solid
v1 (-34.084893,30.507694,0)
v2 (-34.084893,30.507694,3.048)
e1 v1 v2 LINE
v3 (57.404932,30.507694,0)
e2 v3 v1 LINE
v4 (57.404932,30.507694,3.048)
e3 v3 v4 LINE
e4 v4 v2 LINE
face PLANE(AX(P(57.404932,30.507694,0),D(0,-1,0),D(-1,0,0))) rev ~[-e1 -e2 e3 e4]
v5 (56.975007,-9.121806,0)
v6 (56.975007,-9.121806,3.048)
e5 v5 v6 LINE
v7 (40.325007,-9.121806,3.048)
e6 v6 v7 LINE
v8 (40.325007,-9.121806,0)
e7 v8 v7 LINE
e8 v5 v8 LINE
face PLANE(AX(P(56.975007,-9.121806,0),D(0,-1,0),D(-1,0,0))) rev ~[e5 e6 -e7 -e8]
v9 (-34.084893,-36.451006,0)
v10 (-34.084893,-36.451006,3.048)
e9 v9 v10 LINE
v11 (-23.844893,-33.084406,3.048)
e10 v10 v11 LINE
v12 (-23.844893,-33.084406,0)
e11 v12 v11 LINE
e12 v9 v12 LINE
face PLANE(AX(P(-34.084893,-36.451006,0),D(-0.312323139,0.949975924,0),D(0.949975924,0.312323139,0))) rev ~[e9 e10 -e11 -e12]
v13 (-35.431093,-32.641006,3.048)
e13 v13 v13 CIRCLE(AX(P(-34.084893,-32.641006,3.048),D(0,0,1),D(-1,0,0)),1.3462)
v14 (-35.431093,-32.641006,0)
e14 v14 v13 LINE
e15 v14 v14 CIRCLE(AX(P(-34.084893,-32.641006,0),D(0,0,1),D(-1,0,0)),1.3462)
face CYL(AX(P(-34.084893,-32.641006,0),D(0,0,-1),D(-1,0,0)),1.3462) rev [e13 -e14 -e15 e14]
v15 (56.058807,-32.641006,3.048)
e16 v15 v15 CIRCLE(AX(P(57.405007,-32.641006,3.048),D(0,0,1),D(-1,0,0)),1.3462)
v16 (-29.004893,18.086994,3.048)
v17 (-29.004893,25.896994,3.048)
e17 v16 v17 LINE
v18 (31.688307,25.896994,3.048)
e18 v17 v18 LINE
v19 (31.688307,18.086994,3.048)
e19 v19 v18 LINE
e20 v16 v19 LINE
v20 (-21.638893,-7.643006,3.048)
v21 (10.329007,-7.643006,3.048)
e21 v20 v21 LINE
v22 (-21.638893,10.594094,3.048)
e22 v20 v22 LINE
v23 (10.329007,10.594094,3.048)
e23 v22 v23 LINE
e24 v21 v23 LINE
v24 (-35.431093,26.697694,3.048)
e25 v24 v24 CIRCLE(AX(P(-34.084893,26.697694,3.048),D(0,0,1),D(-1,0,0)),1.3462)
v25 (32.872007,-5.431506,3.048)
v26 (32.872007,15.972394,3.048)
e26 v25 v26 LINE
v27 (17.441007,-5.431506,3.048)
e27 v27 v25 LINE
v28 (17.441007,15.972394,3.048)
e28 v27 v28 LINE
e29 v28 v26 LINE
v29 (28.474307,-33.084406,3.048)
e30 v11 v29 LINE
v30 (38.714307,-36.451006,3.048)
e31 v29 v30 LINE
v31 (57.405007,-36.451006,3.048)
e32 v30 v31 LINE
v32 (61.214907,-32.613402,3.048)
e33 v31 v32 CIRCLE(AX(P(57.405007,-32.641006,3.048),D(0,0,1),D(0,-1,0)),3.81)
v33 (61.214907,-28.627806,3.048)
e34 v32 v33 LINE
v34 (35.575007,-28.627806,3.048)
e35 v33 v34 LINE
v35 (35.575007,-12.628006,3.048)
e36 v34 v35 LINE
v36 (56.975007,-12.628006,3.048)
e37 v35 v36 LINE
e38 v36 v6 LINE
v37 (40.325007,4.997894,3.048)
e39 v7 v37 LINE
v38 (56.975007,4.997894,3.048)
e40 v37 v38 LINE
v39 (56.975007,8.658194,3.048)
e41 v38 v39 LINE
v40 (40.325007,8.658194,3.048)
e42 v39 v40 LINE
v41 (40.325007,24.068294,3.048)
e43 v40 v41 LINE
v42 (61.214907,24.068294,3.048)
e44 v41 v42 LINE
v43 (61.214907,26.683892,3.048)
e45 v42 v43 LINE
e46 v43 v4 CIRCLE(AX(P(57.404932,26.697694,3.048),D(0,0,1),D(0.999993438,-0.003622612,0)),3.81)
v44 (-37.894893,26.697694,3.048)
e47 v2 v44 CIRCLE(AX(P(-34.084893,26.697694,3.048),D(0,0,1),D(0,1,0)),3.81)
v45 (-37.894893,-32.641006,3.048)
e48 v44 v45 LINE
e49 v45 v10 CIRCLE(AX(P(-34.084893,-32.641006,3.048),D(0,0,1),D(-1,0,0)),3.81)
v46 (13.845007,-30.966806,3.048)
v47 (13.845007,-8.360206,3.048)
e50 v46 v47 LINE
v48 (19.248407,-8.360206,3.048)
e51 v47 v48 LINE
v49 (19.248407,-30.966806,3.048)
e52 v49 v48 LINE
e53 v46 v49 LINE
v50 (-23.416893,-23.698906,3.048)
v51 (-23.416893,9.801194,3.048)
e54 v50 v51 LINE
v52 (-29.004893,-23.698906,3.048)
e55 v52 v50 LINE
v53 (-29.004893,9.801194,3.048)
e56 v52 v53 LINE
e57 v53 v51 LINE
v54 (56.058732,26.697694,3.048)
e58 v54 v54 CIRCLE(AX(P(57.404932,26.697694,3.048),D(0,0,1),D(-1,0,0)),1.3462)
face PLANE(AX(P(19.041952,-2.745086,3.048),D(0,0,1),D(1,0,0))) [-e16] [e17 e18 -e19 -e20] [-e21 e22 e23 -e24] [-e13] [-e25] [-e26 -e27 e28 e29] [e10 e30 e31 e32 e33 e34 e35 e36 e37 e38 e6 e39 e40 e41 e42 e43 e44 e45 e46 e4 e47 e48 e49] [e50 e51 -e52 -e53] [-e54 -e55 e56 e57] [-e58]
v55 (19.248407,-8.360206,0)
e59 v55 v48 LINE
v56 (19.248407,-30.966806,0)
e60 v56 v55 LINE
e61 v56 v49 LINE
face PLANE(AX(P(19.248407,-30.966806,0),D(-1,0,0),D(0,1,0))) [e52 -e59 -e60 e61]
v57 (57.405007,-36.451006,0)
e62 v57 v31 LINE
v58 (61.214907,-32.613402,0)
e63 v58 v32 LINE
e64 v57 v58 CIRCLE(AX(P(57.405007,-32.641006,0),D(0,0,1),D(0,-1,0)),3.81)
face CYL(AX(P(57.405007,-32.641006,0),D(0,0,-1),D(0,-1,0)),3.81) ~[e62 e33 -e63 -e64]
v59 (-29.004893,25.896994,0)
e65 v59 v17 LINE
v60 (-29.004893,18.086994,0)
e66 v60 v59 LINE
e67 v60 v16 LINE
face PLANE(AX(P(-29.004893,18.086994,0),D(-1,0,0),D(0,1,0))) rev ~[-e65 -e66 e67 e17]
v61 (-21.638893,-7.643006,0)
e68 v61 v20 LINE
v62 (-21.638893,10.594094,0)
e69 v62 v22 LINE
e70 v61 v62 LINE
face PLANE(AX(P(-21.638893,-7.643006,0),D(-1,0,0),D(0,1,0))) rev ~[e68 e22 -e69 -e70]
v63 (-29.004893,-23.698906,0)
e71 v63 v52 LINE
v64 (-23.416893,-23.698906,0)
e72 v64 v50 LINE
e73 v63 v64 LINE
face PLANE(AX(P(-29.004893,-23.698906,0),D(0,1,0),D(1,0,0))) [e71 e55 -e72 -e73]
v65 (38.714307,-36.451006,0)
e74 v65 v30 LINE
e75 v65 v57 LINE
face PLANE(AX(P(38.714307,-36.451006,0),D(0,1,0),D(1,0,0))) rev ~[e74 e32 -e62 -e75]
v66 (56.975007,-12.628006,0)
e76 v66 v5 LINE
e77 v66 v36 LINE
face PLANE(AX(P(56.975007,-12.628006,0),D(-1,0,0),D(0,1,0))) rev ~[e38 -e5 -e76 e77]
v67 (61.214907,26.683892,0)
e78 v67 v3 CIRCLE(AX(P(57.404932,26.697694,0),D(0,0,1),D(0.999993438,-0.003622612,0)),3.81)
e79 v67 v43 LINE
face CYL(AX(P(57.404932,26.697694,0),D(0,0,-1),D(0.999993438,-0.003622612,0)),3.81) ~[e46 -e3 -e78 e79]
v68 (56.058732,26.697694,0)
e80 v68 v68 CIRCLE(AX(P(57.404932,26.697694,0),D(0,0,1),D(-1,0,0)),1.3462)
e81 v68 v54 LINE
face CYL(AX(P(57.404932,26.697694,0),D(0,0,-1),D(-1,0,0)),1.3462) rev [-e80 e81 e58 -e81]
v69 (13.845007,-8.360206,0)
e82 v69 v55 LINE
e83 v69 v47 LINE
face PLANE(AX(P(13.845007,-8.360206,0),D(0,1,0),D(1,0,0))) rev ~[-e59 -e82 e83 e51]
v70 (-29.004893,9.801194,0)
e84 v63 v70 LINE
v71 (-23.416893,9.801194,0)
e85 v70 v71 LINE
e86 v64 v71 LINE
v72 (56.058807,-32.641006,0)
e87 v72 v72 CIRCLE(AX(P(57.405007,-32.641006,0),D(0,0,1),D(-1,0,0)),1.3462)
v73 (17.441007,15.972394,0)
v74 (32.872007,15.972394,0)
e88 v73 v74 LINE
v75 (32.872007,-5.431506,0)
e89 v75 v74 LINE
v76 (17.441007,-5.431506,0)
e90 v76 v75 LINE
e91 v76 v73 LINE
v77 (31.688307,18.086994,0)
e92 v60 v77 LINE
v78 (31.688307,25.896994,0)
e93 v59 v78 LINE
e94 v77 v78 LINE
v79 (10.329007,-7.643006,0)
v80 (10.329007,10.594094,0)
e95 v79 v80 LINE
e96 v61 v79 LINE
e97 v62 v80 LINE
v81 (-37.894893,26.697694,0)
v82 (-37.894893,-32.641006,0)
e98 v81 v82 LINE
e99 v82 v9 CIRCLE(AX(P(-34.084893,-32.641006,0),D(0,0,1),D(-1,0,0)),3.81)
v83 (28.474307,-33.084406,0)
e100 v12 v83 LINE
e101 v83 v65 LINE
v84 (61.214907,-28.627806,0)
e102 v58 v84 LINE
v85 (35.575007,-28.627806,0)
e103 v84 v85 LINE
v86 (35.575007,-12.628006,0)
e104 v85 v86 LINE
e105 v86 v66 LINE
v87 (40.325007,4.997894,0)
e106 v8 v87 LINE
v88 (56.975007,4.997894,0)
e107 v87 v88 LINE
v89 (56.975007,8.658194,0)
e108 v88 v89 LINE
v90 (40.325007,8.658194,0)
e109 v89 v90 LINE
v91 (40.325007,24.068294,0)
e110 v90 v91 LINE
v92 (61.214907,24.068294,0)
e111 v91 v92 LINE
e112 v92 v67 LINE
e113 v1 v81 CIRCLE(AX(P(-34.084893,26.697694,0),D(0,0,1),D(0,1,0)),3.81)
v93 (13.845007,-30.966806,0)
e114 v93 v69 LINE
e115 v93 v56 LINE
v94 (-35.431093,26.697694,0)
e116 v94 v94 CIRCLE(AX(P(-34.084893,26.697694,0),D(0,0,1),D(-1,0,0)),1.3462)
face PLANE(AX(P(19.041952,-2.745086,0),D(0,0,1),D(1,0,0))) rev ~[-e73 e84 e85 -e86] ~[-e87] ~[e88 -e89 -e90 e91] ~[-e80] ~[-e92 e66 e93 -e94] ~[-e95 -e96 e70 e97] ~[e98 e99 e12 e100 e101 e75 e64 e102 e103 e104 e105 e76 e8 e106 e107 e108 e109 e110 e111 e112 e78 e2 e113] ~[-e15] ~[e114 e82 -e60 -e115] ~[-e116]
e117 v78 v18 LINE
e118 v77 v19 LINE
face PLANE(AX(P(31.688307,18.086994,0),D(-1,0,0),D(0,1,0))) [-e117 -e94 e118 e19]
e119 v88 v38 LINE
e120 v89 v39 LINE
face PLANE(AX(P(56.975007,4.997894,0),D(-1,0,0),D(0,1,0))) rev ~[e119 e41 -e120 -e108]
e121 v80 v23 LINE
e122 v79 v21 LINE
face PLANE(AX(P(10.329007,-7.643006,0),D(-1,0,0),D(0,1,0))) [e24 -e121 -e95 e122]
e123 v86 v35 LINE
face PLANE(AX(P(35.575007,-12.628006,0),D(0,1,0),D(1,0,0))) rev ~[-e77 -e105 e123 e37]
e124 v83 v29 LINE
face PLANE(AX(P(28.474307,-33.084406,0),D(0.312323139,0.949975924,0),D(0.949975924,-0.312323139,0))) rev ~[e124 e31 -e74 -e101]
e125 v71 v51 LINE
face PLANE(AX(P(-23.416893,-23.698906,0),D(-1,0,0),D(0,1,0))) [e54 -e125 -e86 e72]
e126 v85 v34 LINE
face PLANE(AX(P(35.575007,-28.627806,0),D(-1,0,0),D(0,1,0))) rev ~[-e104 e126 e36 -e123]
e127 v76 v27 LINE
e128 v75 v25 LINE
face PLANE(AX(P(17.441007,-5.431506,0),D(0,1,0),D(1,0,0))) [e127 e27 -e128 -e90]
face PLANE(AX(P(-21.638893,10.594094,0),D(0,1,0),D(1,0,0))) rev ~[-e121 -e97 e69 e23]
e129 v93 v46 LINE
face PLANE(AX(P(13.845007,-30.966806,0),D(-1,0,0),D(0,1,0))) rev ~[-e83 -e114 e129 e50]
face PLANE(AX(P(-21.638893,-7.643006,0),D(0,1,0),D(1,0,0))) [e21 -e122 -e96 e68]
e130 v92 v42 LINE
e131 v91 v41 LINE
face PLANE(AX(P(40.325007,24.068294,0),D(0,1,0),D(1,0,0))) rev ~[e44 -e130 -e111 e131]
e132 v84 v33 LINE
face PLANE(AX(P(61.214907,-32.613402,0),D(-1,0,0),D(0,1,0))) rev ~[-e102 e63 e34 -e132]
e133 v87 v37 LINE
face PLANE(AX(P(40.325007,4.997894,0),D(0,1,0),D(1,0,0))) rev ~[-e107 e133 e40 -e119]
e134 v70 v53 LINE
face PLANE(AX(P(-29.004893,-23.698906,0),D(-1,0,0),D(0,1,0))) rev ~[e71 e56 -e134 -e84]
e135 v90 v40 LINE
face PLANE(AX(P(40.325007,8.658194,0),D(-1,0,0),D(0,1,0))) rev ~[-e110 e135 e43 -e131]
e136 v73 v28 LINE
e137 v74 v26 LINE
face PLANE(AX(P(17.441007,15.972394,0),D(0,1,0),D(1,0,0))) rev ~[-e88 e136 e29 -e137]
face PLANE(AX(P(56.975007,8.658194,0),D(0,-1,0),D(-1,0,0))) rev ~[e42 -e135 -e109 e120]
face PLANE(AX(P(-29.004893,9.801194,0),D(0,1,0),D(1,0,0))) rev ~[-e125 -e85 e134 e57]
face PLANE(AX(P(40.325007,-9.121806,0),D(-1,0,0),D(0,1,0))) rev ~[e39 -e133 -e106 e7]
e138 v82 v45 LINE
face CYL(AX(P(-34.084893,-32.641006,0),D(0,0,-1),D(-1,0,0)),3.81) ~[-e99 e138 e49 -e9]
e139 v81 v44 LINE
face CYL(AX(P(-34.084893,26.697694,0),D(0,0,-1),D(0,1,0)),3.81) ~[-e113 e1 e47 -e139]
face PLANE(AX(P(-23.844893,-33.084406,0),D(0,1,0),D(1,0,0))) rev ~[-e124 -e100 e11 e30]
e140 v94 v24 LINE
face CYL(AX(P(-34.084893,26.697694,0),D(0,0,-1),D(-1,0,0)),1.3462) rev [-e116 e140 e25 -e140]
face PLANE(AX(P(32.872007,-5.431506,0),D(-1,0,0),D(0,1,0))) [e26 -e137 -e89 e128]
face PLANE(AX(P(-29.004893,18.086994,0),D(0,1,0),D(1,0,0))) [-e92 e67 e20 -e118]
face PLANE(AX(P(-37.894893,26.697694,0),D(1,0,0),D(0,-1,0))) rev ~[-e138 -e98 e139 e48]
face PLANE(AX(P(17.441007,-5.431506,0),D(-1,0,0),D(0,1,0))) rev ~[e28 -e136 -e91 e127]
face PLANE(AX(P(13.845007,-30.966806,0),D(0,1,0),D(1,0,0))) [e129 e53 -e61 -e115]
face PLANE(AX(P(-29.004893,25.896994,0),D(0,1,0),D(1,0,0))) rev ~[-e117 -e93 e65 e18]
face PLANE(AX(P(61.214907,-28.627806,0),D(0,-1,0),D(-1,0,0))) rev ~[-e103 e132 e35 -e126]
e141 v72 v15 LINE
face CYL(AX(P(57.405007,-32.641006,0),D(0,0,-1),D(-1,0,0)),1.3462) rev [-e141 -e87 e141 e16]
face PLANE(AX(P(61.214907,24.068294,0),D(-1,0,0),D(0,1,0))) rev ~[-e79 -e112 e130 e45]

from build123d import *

# Parameters (mm, degrees)
SKETCH1_R           = 1.3462
SKETCH1_W           = 5.4034
SKETCH1_H           = 22.6066
SKETCH1_W_2         = 60.6932
SKETCH1_H_2         = 7.81
SKETCH1_W_3         = 15.431
SKETCH1_H_3         = 21.4039
SKETCH1_W_4         = 31.9679
SKETCH1_H_4         = 18.2371
SKETCH1_W_5         = 5.588
SKETCH1_H_5         = 33.5001
BOSS_EXTRUDE1_DEPTH = 3.048


with BuildPart() as part:
    # Sketch1 → Boss-Extrude1 (new body)
    with BuildSketch(Plane.XY):
        with BuildLine():
            Line((40.325007375, 24.068294304), (61.214907375, 24.068294304))
            Line((61.214907375, 24.068294304), (61.214907375, 26.683892153))
            ThreePointArc((61.214907375, 26.683892153), (60.103884597, 29.386886916), (57.404932375, 30.507694304))
            Line((57.404932375, 30.507694304), (-34.084892625, 30.507694304))
            ThreePointArc((-34.084892625, 30.507694304), (-36.778969461, 29.391771141), (-37.894892625, 26.697694304))
            Line((-37.894892625, 26.697694304), (-37.894892625, -32.641005696))
            ThreePointArc((-37.894892625, -32.641005696), (-36.778969461, -35.335082532), (-34.084892625, -36.451005696))
            Line((-34.084892625, -36.451005696), (-23.844892625, -33.084405696))
            Line((-23.844892625, -33.084405696), (28.474307375, -33.084405696))
            Line((28.474307375, -33.084405696), (38.714307375, -36.451005696))
            Line((38.714307375, -36.451005696), (57.405007375, -36.451005696))
            ThreePointArc((57.405007375, -36.451005696), (60.108826144, -35.325305244), (61.214907375, -32.613401529))
            Line((61.214907375, -32.613401529), (61.214907375, -28.627805696))
            Line((61.214907375, -28.627805696), (35.575007375, -28.627805696))
            Line((35.575007375, -28.627805696), (35.575007375, -12.628005696))
            Line((35.575007375, -12.628005696), (56.975007375, -12.628005696))
            Line((56.975007375, -12.628005696), (56.975007375, -9.121805696))
            Line((56.975007375, -9.121805696), (40.325007375, -9.121805696))
            Line((40.325007375, -9.121805696), (40.325007375, 4.997894304))
            Line((40.325007375, 4.997894304), (56.975007375, 4.997894304))
            Line((56.975007375, 4.997894304), (56.975007375, 8.658194304))
            Line((56.975007375, 8.658194304), (40.325007375, 8.658194304))
            Line((40.325007375, 8.658194304), (40.325007375, 24.068294304))
        make_face()
        with Locations(Location((57.404932375, 26.697694304, 0), (0, 0, 180))):
            Circle(SKETCH1_R, mode=Mode.SUBTRACT)
        with Locations(Location((57.405007375, -32.641005696, 0), (0, 0, 180))):
            Circle(SKETCH1_R, mode=Mode.SUBTRACT)
        with Locations(Location((-34.084892625, -32.641005696, 0), (0, 0, 180))):
            Circle(SKETCH1_R, mode=Mode.SUBTRACT)
        with Locations(Location((-34.084892625, 26.697694304, 0), (0, 0, 180))):
            Circle(SKETCH1_R, mode=Mode.SUBTRACT)
        with Locations((16.546707375, -19.663505696)):
            Rectangle(SKETCH1_W, SKETCH1_H, mode=Mode.SUBTRACT)
        with Locations((1.341707375, 21.991994304)):
            Rectangle(SKETCH1_W_2, SKETCH1_H_2, mode=Mode.SUBTRACT)
        with Locations((25.156507375, 5.270444304)):
            Rectangle(SKETCH1_W_3, SKETCH1_H_3, mode=Mode.SUBTRACT)
        with Locations((-5.654942625, 1.475544304)):
            Rectangle(SKETCH1_W_4, SKETCH1_H_4, mode=Mode.SUBTRACT)
        with Locations((-26.210892625, -6.948855696)):
            Rectangle(SKETCH1_W_5, SKETCH1_H_5, mode=Mode.SUBTRACT)
    extrude(amount=BOSS_EXTRUDE1_DEPTH)


solid = part.part
